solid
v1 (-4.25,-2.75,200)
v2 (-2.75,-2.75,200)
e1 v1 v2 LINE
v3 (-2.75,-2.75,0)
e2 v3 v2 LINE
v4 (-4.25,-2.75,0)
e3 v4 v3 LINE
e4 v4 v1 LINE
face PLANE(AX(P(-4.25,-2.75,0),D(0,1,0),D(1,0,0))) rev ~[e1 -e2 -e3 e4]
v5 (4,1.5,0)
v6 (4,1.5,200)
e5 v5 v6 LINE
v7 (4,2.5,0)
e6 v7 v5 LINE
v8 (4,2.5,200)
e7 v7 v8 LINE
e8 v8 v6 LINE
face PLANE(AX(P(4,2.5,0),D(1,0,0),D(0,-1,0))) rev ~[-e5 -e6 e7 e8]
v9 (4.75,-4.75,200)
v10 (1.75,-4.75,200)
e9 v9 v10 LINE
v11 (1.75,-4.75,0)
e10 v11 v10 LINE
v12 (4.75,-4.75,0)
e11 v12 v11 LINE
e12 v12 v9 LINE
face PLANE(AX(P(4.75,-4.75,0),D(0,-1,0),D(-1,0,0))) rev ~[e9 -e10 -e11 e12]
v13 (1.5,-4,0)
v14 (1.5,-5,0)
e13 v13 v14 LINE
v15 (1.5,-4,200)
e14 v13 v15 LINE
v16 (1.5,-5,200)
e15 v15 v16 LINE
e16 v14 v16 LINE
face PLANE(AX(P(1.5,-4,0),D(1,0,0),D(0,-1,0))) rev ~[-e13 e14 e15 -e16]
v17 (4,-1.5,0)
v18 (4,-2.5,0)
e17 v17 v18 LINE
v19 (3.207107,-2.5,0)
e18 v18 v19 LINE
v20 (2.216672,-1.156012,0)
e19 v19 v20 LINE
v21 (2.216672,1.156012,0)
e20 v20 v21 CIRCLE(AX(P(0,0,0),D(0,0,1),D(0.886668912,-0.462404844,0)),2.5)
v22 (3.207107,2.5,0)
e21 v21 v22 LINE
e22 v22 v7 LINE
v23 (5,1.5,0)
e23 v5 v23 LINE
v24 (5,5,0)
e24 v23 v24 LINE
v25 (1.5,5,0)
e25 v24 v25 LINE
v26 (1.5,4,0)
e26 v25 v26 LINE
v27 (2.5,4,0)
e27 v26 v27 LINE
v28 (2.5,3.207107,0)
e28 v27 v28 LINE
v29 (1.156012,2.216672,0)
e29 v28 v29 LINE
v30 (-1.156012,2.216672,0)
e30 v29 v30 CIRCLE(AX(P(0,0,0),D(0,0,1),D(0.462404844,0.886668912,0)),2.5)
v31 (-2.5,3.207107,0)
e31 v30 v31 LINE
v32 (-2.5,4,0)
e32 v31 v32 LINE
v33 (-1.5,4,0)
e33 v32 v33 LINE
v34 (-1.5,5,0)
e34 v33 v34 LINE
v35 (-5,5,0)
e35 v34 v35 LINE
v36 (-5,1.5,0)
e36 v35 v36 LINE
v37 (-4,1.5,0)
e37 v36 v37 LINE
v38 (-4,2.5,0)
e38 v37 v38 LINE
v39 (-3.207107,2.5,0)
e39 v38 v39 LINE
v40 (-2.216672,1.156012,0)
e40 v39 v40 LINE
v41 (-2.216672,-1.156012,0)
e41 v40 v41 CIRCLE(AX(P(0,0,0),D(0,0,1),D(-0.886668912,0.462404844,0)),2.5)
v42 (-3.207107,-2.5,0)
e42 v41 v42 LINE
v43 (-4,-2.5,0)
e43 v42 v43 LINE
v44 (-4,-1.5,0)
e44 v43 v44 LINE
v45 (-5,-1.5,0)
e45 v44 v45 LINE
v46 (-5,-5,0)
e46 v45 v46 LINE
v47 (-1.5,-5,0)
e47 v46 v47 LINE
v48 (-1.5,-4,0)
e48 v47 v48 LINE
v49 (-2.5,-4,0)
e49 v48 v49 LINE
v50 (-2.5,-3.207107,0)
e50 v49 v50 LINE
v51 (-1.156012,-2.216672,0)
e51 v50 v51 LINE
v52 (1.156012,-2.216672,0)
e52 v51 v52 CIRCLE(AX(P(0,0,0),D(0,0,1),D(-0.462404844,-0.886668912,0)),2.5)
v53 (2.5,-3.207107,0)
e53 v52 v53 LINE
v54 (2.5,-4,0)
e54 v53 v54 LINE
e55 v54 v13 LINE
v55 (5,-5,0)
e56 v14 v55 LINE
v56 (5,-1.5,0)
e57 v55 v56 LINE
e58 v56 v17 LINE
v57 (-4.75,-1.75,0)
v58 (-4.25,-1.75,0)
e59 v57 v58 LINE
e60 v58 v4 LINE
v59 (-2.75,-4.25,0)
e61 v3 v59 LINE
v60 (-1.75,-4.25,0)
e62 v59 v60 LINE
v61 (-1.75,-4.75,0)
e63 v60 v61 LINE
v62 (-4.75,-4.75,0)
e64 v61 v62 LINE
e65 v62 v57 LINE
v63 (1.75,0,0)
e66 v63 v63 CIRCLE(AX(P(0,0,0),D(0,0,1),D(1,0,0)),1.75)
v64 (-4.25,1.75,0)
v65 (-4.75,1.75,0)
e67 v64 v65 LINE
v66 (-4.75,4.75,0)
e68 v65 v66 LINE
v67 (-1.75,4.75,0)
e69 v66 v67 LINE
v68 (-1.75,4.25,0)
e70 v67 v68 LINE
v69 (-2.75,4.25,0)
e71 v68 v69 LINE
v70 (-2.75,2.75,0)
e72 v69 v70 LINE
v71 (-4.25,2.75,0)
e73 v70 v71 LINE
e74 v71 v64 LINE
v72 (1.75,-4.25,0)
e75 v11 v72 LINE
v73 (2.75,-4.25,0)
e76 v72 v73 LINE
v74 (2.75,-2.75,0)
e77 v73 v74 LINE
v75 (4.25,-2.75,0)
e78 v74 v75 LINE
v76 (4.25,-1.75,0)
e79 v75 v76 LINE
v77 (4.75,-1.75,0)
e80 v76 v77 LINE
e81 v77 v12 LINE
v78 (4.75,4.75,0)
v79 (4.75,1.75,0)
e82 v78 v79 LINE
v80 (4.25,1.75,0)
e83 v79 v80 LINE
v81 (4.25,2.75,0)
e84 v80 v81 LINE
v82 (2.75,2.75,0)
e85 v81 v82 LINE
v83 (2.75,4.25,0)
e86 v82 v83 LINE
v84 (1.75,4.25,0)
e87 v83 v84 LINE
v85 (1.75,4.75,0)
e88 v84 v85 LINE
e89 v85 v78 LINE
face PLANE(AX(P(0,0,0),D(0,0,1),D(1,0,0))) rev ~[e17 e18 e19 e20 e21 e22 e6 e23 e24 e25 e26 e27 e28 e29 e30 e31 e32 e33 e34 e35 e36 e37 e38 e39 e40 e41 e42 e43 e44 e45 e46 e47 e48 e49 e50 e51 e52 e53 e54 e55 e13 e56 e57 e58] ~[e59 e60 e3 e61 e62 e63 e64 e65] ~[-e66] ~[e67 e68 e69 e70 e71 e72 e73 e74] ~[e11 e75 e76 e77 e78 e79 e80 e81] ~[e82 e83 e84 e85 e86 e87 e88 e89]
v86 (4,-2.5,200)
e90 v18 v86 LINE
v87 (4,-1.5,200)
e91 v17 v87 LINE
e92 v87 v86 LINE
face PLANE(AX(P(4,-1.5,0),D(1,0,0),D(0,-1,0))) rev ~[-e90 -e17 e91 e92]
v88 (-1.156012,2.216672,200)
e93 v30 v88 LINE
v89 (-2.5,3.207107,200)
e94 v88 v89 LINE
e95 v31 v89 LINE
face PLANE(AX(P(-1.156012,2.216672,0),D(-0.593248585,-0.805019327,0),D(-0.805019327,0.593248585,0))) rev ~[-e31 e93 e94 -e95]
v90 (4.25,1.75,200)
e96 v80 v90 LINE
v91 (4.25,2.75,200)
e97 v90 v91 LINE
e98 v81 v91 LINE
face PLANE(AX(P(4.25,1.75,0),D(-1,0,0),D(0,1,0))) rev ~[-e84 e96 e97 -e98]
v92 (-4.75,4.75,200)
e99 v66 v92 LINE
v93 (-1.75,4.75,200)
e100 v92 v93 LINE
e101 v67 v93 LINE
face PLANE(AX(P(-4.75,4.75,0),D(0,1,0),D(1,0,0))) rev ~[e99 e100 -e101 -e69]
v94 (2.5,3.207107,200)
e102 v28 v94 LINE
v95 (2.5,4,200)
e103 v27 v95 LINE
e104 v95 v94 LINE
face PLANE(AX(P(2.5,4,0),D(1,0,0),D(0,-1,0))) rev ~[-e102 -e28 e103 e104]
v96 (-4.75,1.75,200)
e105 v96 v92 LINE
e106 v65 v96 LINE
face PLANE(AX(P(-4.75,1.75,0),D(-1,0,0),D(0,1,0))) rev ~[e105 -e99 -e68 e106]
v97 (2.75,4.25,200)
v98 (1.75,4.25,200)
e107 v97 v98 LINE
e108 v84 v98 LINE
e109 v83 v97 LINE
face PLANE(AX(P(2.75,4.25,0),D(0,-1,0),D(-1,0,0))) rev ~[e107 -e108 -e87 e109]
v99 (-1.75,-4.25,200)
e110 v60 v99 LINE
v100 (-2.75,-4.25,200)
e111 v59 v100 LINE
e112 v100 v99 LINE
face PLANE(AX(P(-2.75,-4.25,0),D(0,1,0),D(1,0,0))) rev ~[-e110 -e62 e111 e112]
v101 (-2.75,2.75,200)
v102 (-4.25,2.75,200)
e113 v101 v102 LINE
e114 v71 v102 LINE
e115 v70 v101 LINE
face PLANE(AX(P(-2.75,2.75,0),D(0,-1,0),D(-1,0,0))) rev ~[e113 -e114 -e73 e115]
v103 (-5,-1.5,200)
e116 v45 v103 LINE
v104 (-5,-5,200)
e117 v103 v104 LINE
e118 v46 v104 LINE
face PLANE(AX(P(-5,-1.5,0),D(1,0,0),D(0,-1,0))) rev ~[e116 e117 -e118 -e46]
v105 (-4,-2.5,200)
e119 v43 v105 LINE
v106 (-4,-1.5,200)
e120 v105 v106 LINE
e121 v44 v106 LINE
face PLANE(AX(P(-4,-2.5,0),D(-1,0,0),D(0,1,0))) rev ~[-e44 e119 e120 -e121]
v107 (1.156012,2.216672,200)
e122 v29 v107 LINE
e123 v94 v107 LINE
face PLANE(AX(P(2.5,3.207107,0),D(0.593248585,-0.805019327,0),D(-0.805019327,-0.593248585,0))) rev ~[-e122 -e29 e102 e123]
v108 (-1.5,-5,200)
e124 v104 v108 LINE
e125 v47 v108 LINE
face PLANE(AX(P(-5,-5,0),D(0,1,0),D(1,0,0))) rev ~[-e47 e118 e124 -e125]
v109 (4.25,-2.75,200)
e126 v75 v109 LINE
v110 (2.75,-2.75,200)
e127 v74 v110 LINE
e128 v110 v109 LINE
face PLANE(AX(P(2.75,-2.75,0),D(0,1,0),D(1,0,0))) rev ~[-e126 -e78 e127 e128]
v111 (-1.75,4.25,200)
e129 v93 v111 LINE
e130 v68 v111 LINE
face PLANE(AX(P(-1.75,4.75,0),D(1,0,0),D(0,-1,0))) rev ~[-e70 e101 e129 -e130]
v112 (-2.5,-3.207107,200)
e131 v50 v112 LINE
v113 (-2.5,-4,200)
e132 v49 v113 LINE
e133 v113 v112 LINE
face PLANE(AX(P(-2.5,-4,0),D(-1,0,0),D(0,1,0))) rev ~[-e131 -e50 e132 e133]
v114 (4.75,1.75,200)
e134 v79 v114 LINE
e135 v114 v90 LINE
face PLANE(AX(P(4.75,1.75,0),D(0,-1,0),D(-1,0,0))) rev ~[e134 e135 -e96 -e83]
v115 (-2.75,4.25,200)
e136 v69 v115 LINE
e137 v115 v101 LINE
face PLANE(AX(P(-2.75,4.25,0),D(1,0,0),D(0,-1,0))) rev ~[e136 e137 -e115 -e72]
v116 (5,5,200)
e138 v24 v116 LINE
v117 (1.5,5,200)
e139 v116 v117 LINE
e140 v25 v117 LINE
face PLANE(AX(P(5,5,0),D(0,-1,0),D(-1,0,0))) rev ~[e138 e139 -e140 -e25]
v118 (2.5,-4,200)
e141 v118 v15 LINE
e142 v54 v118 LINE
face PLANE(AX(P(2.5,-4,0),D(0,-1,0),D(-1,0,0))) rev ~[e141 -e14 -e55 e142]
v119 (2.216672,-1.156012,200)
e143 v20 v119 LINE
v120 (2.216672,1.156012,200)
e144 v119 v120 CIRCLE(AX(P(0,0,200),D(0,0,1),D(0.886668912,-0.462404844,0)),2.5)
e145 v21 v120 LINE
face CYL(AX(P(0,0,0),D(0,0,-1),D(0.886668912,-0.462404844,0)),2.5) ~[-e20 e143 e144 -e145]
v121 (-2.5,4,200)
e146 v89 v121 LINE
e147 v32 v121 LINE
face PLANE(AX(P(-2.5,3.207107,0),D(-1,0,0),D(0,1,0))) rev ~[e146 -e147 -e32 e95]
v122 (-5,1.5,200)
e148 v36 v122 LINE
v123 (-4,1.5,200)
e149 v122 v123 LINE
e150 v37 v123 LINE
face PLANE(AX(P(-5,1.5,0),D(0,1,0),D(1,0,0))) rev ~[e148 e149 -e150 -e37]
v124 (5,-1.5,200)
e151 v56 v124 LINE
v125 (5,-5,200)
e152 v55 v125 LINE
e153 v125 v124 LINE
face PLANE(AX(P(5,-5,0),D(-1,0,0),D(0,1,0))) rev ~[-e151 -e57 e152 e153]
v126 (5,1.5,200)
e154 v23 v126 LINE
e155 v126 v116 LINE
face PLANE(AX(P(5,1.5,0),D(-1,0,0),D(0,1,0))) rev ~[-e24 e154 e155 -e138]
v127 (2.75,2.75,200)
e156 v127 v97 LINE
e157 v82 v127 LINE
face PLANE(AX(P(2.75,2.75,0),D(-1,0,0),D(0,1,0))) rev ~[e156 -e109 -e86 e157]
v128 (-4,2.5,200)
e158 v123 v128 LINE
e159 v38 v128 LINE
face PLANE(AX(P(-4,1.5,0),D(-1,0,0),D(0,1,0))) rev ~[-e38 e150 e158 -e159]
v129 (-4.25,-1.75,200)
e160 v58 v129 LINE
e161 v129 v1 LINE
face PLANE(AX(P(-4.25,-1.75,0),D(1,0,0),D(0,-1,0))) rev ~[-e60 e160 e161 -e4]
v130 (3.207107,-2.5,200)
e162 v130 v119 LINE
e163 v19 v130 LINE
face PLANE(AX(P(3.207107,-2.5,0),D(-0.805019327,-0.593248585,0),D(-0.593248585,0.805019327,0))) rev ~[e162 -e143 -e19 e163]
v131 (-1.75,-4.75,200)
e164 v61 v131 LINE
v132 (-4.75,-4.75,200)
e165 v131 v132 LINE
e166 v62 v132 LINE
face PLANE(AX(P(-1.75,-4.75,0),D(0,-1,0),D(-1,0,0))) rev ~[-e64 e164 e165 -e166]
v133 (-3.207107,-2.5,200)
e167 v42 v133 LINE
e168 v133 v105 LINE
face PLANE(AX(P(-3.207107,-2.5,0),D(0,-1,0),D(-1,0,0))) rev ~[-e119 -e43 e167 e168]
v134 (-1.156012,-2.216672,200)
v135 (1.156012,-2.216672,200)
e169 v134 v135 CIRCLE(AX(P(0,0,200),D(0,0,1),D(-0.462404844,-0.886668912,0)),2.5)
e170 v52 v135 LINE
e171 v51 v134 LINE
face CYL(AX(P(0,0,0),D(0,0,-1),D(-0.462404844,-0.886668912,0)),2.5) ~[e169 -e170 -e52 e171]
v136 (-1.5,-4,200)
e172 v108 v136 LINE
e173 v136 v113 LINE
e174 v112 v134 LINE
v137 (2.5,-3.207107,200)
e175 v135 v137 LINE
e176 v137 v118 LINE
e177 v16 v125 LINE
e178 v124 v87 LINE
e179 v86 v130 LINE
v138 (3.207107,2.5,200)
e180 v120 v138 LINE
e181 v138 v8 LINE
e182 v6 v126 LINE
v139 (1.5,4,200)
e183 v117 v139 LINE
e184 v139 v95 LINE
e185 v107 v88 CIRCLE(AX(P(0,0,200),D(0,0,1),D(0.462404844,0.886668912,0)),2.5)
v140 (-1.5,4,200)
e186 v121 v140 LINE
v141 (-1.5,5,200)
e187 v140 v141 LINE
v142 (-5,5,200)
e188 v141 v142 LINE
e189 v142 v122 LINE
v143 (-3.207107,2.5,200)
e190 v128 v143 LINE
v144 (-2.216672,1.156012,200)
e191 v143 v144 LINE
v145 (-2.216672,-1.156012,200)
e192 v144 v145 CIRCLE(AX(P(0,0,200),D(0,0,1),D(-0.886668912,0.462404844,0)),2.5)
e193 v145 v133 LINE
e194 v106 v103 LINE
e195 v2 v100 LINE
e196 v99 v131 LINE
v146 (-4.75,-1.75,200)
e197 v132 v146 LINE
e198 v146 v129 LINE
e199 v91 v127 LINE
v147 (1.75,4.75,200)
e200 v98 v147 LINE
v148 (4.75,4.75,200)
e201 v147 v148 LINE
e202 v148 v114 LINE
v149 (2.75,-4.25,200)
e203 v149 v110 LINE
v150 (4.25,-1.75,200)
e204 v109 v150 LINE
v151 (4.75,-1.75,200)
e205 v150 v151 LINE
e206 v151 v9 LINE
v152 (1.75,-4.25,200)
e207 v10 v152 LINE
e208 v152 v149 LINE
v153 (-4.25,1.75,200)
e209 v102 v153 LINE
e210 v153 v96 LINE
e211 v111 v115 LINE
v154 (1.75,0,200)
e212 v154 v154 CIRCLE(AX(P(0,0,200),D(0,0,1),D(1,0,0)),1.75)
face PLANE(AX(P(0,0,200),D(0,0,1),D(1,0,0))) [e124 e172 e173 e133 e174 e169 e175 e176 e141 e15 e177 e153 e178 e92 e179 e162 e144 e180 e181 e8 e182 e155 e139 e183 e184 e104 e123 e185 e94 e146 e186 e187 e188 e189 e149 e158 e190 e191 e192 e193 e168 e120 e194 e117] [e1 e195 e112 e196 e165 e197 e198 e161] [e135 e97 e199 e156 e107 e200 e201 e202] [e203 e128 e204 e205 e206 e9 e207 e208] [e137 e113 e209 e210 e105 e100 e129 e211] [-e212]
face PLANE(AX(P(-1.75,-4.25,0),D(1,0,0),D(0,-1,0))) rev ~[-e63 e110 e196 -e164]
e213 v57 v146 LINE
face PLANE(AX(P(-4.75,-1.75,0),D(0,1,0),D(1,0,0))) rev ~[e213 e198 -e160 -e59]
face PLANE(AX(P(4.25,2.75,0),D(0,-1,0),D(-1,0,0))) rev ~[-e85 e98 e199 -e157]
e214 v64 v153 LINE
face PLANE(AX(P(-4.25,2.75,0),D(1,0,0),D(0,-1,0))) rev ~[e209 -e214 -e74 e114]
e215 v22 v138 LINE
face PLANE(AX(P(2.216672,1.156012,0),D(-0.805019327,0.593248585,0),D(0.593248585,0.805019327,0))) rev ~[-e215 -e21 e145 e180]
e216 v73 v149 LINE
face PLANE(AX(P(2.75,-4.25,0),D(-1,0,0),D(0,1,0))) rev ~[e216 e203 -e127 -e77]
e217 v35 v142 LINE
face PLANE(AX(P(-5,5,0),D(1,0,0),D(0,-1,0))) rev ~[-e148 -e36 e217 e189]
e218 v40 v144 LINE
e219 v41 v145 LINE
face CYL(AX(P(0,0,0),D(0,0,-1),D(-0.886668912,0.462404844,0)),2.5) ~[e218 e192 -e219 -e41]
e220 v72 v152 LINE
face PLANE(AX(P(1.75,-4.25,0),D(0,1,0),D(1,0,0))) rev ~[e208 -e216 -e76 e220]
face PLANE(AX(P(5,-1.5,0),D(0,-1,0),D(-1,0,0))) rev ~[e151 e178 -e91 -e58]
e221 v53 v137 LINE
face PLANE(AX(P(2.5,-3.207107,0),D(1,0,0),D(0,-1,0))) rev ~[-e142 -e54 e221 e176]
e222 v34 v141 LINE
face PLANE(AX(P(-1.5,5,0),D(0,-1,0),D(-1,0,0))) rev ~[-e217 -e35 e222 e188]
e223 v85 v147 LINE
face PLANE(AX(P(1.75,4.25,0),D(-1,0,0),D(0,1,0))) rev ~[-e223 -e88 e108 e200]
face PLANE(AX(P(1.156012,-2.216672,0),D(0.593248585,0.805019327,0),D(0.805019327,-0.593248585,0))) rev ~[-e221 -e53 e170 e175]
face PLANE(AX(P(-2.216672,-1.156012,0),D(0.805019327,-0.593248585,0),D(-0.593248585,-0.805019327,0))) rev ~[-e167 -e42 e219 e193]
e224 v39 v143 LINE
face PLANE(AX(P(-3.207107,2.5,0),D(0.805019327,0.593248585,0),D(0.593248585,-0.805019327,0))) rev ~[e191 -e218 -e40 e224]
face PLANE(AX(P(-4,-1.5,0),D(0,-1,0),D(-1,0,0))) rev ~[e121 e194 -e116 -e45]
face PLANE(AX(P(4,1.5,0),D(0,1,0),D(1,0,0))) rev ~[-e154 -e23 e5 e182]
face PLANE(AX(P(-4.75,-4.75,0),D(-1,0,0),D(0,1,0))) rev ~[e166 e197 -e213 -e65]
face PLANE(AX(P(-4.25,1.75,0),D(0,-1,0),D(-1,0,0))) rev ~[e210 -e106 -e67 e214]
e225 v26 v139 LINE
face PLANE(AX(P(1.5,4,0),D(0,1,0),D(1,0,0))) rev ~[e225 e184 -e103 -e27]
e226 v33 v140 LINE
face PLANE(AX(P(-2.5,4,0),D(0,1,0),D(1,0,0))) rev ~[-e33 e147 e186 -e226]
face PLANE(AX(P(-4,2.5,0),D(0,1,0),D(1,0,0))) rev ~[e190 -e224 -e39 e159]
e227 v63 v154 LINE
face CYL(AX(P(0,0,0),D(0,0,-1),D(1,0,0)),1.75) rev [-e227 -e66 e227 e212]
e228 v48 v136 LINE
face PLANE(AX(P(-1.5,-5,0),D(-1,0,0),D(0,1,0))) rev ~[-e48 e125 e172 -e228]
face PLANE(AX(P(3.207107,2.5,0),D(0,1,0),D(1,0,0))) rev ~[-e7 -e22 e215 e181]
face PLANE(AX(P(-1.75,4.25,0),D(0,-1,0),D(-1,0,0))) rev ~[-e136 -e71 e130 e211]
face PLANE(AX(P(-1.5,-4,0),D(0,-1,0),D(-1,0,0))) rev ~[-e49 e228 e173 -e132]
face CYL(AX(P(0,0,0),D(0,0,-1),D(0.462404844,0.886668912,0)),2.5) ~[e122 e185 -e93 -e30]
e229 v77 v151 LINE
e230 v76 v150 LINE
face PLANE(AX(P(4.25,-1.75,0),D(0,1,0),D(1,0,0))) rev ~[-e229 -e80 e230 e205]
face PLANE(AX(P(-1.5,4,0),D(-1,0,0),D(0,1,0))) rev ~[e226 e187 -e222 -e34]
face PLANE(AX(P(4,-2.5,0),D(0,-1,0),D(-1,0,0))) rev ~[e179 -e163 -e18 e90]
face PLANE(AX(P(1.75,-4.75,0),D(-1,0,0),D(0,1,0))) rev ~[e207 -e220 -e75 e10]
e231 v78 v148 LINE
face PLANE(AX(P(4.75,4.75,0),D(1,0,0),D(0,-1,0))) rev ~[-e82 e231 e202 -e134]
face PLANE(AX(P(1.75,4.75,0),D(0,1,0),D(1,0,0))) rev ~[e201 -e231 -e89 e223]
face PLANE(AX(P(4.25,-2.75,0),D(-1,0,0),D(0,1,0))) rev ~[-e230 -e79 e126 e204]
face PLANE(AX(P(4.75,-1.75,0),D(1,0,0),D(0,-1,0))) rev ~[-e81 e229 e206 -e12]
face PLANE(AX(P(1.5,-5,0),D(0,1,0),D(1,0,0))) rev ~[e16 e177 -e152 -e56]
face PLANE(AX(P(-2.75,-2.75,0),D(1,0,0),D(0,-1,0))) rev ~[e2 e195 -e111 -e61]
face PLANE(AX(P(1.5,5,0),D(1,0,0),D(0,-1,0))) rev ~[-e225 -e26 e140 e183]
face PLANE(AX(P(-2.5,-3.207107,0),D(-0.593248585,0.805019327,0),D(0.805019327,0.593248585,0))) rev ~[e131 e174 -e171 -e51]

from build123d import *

# Parameters (mm, degrees)
ESQUISSE1_R        = 1.75
BOSS_EXTRU_1_DEPTH = 200


with BuildPart() as part:
    # Esquisse1 → Boss.-Extru.1 (new body)
    with BuildSketch(Plane.XY):
        with BuildLine():
            Line((-1.5, 5), (-5, 5))
            Line((-5, 5), (-5, 1.5))
            Line((-5, 1.5), (-4, 1.5))
            Line((-4, 1.5), (-4, 2.5))
            Line((-4, 2.5), (-3.207106781, 2.5))
            Line((-3.207106781, 2.5), (-2.216672281, 1.15601211))
            ThreePointArc((-2.216672281, 1.15601211), (-2.5, 0), (-2.216672281, -1.15601211))
            Line((-2.216672281, -1.15601211), (-3.207106781, -2.5))
            Line((-3.207106781, -2.5), (-4, -2.5))
            Line((-4, -2.5), (-4, -1.5))
            Line((-4, -1.5), (-5, -1.5))
            Line((-5, -1.5), (-5, -5))
            Line((-5, -5), (-1.5, -5))
            Line((-1.5, -5), (-1.5, -4))
            Line((-1.5, -4), (-2.5, -4))
            Line((-2.5, -4), (-2.5, -3.207106781))
            Line((-2.5, -3.207106781), (-1.15601211, -2.216672281))
            ThreePointArc((-1.15601211, -2.216672281), (0, -2.5), (1.15601211, -2.216672281))
            Line((1.15601211, -2.216672281), (2.5, -3.207106781))
            Line((2.5, -3.207106781), (2.5, -4))
            Line((2.5, -4), (1.5, -4))
            Line((1.5, -4), (1.5, -5))
            Line((1.5, -5), (5, -5))
            Line((5, -5), (5, -1.5))
            Line((5, -1.5), (4, -1.5))
            Line((4, -1.5), (4, -2.5))
            Line((4, -2.5), (3.207106781, -2.5))
            Line((3.207106781, -2.5), (2.216672281, -1.15601211))
            ThreePointArc((2.216672281, -1.15601211), (2.5, 0), (2.216672281, 1.15601211))
            Line((2.216672281, 1.15601211), (3.207106781, 2.5))
            Line((3.207106781, 2.5), (4, 2.5))
            Line((4, 2.5), (4, 1.5))
            Line((4, 1.5), (5, 1.5))
            Line((5, 1.5), (5, 5))
            Line((5, 5), (1.5, 5))
            Line((1.5, 5), (1.5, 4))
            Line((1.5, 4), (2.5, 4))
            Line((2.5, 4), (2.5, 3.207106781))
            Line((2.5, 3.207106781), (1.15601211, 2.216672281))
            ThreePointArc((1.15601211, 2.216672281), (0, 2.5), (-1.15601211, 2.216672281))
            Line((-1.15601211, 2.216672281), (-2.5, 3.207106781))
            Line((-2.5, 3.207106781), (-2.5, 4))
            Line((-2.5, 4), (-1.5, 4))
            Line((-1.5, 4), (-1.5, 5))
        make_face()
        Polygon((-4.75, 1.75), (-4.75, 4.75), (-1.75, 4.75), (-1.75, 4.25), (-2.75, 4.25), (-2.75, 2.75), (-4.25, 2.75), (-4.25, 1.75), align=None, mode=Mode.SUBTRACT)
        Circle(ESQUISSE1_R, mode=Mode.SUBTRACT)
        Polygon((-4.75, -4.75), (-4.75, -1.75), (-4.25, -1.75), (-4.25, -2.75), (-2.75, -2.75), (-2.75, -4.25), (-1.75, -4.25), (-1.75, -4.75), align=None, mode=Mode.SUBTRACT)
        Polygon((4.75, 4.75), (4.75, 1.75), (4.25, 1.75), (4.25, 2.75), (2.75, 2.75), (2.75, 4.25), (1.75, 4.25), (1.75, 4.75), align=None, mode=Mode.SUBTRACT)
        Polygon((4.75, -4.75), (1.75, -4.75), (1.75, -4.25), (2.75, -4.25), (2.75, -2.75), (4.25, -2.75), (4.25, -1.75), (4.75, -1.75), align=None, mode=Mode.SUBTRACT)
    extrude(amount=BOSS_EXTRU_1_DEPTH)


solid = part.part
